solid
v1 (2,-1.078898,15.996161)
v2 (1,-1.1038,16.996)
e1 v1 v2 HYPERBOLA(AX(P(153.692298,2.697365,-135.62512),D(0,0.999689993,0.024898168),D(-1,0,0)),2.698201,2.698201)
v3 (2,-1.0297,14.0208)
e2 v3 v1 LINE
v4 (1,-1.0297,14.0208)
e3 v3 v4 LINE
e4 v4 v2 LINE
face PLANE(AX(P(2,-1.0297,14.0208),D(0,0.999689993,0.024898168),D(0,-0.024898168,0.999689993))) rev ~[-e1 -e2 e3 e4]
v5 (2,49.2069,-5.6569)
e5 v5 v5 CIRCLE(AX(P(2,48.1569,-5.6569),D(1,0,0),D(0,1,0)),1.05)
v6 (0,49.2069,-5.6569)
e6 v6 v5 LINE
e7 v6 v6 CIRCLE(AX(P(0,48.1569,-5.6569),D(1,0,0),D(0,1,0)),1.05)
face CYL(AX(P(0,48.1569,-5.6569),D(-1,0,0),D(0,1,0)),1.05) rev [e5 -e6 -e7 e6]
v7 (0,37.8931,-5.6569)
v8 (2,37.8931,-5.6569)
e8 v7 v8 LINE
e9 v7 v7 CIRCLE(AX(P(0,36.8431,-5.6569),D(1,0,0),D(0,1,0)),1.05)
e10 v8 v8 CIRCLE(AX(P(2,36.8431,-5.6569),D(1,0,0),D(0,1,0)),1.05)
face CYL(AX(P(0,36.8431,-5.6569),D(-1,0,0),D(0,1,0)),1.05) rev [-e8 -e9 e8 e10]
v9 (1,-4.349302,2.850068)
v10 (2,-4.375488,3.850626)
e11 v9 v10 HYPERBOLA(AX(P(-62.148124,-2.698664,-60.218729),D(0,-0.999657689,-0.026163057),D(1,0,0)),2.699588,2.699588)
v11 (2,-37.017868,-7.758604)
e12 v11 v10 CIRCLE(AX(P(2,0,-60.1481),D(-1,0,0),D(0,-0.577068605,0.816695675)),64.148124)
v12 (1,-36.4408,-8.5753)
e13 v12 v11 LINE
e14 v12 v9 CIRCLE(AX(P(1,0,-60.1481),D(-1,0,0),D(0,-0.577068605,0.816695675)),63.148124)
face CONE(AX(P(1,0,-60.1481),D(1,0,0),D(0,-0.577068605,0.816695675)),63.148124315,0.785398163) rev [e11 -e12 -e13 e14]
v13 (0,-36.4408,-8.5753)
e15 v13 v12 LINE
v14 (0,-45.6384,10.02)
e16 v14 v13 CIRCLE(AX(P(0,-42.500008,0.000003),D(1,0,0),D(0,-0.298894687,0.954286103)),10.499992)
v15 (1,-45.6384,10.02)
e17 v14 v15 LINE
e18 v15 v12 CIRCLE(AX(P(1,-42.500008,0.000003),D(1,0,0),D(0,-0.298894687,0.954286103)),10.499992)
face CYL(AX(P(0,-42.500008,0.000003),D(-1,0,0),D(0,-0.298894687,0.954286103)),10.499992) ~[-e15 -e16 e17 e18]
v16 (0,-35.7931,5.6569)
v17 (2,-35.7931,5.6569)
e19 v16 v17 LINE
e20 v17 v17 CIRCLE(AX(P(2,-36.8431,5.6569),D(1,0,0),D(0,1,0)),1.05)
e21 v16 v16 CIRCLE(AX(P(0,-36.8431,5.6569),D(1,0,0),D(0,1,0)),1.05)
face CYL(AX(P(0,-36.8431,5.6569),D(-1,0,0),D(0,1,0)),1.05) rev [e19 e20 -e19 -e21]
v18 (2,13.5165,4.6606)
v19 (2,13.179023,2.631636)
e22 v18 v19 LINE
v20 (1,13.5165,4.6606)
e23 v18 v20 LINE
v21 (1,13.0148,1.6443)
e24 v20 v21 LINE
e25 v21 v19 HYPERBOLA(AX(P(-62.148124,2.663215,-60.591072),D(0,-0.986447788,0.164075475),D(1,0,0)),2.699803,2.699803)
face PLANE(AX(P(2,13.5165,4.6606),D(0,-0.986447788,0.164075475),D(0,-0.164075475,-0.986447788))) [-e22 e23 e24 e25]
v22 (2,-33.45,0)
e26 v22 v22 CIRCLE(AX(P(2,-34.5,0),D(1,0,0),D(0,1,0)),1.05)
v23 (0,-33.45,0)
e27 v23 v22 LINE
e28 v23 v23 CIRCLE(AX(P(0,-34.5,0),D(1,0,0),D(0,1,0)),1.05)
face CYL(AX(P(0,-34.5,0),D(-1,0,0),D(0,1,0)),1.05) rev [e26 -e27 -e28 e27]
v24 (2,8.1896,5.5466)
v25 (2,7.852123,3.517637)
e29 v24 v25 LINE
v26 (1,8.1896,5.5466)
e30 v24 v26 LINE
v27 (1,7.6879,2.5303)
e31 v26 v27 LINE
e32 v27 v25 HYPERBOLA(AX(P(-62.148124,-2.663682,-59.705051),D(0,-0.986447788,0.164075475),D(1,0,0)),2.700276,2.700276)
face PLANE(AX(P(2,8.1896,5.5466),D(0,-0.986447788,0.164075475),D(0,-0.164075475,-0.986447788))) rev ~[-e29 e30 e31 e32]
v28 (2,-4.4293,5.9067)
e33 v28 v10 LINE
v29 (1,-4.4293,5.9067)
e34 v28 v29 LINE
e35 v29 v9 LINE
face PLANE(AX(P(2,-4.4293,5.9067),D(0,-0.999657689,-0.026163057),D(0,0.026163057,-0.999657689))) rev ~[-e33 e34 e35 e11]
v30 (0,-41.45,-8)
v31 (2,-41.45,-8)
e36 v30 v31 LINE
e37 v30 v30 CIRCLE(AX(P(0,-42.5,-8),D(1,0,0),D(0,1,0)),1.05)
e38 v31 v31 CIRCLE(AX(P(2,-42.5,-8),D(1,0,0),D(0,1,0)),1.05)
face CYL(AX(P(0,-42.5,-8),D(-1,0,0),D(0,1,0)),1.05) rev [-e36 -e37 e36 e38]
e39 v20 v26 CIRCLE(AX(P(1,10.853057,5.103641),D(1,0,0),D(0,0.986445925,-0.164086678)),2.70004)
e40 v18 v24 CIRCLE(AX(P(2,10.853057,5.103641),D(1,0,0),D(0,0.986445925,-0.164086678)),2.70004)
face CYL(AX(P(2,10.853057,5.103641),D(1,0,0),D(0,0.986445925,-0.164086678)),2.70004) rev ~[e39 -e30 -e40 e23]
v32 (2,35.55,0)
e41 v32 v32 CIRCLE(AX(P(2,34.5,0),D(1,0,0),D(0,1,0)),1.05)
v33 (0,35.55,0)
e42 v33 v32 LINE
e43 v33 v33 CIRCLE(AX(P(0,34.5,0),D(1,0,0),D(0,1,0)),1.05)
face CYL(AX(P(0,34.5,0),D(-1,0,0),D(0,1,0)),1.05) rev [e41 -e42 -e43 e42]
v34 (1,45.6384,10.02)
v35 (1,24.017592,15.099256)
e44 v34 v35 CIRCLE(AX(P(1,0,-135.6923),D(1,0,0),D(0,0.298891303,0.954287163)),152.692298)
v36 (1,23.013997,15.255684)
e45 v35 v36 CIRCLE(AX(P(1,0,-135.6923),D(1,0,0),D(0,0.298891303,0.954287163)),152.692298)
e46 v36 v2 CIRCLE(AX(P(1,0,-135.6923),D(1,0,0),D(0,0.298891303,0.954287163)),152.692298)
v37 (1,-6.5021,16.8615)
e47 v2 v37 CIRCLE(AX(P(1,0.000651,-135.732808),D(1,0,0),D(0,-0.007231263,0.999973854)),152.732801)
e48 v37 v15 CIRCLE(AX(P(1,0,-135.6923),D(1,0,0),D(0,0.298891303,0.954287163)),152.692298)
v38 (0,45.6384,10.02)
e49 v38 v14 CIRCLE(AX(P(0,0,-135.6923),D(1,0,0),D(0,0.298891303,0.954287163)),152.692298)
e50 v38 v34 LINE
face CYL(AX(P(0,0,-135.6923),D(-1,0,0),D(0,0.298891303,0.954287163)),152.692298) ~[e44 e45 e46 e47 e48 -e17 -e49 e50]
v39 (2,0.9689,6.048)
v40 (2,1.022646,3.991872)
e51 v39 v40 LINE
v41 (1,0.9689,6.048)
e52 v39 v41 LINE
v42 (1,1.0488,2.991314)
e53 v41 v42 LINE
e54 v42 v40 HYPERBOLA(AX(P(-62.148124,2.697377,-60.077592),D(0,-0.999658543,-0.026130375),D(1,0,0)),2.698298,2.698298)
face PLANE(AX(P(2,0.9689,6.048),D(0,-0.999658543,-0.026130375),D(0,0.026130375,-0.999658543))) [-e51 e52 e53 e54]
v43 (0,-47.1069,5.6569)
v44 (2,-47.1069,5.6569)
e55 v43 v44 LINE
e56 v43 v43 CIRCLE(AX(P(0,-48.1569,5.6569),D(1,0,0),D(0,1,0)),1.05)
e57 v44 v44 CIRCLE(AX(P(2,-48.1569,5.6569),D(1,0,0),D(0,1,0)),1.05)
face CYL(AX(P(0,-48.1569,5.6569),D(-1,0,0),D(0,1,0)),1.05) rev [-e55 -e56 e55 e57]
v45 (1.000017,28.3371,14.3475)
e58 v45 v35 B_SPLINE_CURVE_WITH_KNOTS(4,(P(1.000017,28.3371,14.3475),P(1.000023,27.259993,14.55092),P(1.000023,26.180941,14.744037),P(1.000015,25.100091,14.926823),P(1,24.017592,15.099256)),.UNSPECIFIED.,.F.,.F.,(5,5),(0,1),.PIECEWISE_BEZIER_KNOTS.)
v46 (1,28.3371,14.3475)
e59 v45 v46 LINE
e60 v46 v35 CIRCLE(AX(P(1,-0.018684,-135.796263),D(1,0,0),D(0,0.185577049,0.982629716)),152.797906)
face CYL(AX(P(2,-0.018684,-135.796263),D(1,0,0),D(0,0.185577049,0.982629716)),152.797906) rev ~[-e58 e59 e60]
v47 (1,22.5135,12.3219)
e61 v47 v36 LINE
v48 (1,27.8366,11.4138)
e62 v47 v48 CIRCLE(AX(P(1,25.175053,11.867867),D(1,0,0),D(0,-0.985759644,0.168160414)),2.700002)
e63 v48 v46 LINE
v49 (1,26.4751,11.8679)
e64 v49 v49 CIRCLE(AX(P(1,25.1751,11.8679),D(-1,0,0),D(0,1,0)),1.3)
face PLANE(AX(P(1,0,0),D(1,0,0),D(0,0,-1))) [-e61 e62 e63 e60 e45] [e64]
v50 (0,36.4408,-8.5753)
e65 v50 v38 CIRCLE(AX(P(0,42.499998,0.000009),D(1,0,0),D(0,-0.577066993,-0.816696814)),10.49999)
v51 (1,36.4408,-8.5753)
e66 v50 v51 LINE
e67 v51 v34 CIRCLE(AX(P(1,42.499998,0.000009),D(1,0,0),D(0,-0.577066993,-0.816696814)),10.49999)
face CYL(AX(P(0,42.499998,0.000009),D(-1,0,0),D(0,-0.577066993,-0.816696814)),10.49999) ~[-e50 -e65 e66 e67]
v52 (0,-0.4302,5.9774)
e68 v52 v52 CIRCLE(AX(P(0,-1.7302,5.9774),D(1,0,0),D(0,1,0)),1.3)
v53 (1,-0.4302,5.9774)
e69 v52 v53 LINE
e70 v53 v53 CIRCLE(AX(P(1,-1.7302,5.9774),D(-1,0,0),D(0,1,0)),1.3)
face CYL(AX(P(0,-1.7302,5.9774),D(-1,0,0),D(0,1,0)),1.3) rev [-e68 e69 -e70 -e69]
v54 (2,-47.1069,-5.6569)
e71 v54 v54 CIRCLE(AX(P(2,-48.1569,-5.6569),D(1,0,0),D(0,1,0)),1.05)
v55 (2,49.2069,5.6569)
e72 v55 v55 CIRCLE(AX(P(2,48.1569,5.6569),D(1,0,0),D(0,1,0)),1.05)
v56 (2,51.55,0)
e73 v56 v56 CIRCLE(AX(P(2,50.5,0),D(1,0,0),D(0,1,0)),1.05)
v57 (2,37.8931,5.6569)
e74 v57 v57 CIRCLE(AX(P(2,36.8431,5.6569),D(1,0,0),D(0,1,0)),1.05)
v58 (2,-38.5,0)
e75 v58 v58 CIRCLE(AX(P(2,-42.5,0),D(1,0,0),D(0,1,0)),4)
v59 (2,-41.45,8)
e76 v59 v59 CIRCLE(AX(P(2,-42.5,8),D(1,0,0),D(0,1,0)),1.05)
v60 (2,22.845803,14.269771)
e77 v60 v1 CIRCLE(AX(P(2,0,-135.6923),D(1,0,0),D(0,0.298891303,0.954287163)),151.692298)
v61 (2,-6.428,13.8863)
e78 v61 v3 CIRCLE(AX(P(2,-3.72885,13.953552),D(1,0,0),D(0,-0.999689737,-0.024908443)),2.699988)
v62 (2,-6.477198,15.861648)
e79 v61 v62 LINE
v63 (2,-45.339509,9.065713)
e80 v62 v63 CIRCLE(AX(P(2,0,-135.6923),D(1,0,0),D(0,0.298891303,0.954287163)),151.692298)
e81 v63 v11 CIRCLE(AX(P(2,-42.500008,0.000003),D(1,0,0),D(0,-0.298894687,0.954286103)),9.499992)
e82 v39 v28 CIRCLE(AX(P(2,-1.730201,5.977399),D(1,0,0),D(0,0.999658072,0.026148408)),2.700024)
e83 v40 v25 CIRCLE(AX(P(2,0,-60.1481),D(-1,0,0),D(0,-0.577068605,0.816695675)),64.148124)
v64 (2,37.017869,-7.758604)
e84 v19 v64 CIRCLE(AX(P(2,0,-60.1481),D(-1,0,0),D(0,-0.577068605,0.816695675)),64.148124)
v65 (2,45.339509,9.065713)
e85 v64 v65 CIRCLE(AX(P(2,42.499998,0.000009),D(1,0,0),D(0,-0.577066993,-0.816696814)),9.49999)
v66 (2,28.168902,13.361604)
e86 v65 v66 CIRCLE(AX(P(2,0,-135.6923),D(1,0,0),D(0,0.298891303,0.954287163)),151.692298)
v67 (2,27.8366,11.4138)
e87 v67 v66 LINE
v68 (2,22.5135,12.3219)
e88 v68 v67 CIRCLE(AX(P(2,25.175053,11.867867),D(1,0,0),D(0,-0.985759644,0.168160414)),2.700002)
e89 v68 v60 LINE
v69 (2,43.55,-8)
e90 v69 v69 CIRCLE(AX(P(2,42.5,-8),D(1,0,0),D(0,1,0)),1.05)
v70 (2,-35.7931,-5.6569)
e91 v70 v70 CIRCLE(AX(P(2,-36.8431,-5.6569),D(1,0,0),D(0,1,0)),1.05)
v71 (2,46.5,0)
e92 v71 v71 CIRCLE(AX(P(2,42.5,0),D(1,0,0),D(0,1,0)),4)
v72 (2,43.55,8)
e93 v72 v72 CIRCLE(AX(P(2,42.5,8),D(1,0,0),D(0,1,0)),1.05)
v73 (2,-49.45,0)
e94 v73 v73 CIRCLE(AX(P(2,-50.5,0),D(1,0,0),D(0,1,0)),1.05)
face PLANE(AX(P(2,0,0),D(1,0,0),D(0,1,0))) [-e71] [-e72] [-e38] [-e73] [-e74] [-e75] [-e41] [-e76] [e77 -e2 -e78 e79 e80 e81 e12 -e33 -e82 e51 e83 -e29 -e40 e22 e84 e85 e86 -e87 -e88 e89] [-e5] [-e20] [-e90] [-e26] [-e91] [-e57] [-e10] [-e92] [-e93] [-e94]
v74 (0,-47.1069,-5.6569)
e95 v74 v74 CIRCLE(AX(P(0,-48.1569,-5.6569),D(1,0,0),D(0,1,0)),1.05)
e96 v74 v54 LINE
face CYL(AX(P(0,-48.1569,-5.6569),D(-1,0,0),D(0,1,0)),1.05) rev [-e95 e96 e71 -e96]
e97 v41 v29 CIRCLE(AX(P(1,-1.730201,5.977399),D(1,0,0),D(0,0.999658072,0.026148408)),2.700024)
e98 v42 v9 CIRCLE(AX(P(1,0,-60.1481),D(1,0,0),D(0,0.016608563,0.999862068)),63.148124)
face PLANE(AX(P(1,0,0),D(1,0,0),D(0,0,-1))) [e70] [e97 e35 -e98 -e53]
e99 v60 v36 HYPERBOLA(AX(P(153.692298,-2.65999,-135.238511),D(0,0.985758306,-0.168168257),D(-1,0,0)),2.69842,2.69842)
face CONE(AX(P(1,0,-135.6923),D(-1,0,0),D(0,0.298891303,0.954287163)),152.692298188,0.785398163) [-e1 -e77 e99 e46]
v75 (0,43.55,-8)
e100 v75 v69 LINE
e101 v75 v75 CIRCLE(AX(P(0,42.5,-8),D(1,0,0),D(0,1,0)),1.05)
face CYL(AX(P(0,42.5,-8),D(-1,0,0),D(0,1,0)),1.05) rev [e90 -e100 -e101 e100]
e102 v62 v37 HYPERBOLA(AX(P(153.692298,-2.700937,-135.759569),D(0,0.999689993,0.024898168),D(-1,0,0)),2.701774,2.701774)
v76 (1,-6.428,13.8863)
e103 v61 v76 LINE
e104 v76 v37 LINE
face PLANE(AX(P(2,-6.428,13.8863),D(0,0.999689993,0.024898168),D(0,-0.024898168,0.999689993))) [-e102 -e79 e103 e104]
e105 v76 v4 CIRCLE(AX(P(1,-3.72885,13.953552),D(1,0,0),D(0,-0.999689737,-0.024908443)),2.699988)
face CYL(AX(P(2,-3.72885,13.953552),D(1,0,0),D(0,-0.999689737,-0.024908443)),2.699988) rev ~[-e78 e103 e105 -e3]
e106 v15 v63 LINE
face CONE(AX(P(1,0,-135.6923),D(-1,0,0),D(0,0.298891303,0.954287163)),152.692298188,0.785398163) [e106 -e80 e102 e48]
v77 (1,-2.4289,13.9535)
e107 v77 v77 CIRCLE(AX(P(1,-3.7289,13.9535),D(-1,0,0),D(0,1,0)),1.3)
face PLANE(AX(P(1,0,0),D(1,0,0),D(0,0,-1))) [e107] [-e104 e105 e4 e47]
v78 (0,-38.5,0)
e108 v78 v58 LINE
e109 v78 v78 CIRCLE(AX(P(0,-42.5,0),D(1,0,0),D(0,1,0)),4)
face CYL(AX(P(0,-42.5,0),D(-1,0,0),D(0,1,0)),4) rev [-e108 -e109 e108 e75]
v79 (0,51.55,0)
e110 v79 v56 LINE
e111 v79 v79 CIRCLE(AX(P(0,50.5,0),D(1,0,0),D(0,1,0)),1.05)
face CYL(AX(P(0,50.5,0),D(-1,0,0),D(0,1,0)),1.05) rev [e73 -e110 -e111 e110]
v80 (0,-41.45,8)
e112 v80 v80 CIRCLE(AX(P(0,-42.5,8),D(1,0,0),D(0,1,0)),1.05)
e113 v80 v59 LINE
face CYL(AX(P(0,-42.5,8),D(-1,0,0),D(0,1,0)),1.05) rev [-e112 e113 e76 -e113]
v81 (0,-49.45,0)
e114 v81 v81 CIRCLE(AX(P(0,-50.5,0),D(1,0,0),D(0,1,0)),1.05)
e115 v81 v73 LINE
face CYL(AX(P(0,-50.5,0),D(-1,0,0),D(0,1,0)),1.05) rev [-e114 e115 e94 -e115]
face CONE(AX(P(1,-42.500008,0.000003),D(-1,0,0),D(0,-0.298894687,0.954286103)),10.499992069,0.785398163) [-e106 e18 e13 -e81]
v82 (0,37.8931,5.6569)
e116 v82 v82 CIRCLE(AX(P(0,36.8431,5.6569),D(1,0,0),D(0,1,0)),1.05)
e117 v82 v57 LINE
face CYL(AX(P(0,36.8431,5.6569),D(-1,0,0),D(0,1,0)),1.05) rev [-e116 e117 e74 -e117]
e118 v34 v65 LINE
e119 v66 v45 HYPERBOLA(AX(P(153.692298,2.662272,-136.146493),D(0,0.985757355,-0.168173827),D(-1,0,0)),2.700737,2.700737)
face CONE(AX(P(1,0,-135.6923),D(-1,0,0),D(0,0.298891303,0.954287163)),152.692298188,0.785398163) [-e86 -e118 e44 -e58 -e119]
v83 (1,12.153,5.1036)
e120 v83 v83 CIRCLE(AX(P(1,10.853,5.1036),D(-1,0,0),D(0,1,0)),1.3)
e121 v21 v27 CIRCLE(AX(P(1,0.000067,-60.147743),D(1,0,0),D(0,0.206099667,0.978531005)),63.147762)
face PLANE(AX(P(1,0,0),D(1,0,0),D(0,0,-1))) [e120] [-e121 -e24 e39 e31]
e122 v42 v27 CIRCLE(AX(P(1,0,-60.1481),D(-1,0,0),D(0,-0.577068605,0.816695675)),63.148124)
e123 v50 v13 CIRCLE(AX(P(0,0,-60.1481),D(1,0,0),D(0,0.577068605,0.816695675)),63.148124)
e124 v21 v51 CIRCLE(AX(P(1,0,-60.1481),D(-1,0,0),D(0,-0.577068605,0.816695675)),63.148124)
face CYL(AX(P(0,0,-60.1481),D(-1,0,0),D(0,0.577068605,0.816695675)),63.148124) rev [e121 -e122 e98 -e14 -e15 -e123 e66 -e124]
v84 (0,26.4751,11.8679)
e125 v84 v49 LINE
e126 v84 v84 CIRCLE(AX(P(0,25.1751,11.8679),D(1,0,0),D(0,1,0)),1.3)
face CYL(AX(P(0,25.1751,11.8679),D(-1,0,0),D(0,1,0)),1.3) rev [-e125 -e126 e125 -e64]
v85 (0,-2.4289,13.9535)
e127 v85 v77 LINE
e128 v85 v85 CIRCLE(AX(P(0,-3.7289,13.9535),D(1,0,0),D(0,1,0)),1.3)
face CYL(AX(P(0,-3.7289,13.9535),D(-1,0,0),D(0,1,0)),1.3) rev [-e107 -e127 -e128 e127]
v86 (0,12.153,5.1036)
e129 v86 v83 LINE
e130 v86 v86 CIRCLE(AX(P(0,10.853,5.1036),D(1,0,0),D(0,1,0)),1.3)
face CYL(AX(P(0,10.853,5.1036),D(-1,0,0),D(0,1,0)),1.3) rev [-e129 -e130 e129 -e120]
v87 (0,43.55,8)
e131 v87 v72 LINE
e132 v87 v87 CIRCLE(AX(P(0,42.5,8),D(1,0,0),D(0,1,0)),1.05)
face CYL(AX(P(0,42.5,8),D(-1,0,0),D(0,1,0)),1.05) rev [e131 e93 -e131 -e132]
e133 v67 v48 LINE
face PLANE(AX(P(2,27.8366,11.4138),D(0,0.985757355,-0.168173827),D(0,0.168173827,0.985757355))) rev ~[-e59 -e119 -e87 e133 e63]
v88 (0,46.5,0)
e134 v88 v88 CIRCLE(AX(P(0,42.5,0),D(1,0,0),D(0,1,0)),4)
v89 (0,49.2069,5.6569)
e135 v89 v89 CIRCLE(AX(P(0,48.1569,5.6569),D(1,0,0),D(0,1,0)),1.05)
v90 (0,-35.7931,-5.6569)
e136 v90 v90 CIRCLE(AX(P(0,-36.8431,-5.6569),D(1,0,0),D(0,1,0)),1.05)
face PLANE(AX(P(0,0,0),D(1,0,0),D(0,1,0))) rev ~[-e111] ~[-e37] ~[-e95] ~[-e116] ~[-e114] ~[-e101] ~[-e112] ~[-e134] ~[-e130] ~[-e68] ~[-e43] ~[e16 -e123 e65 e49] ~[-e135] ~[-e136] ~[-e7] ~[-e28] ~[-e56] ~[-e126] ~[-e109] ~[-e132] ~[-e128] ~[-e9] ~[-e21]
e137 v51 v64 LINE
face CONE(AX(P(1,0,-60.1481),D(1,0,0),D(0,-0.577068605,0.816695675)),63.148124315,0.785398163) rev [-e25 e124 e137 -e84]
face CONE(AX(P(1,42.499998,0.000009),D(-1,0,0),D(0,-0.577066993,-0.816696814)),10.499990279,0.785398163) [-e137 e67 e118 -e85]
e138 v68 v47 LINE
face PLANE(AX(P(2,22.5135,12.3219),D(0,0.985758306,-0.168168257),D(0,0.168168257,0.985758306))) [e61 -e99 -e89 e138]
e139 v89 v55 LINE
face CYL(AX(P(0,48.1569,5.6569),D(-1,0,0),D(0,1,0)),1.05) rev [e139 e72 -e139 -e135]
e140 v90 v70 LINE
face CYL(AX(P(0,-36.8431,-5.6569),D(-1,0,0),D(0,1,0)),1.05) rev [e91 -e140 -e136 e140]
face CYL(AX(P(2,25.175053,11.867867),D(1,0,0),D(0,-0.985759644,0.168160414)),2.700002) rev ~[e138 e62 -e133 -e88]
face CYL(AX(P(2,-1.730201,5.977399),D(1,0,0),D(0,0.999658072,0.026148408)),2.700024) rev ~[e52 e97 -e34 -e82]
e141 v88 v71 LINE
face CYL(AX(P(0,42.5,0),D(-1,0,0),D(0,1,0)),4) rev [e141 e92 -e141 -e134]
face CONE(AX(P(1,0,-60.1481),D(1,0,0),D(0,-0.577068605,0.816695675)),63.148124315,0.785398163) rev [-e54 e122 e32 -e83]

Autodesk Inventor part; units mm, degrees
ref_plane "YZ Plane" through (0, 0, 0) normal (1, 0, 0) x (0, 1, 0)
ref_plane "XZ Plane" through (0, 0, 0) normal (0, 1, 0) x (-1, 0, 0)
ref_plane "XY Plane" through (0, 0, 0) normal (0, 0, 1) x (1, 0, 0)
sketch "スケッチ1" plane through (0, 0, 0) normal (1, 0, 0) x (0, 1, 0)
  line L0 (-42.5, 0) -> (42.5, 0) construction
  circle A0 centre (-42.5, 0) radius 4
  circle A1 centre (-42.5, 0) radius 8 construction
  circle A2 centre (-42.5, 8) radius 1.05
  line L1 (-42.5, 8) -> (-42.5, 0) construction
  circle A3 centre (-48.1569, 5.6569) radius 1.05
  circle A4 centre (-50.5, 0) radius 1.05
  circle A5 centre (-48.1569, -5.6569) radius 1.05
  circle A6 centre (-42.5, -8) radius 1.05
  circle A7 centre (-36.8431, -5.6569) radius 1.05
  circle A8 centre (-34.5, 0) radius 1.05
  circle A9 centre (-36.8431, 5.6569) radius 1.05
  arc A10 (-45.6384, 10.02) -> (-36.4408, -8.5753) centre (-42.5, 0) ccw
  arc A11 (36.4408, -8.5753) -> (-36.4408, -8.5753) centre (0, -60.1481) ccw
  arc A12 (45.6384, 10.02) -> (-45.6384, 10.02) centre (0, -135.6923) ccw
  arc A13 (36.4408, -8.5753) -> (45.6384, 10.02) centre (42.5, 0) ccw
  circle A14 centre (42.5, 0) radius 4
  circle A15 centre (42.5, 0) radius 8 construction
  line L2 (42.5, 0) -> (42.5, 8) construction
  circle A16 centre (42.5, 8) radius 1.05
  circle A17 centre (36.8431, 5.6569) radius 1.05
  circle A18 centre (34.5, 0) radius 1.05
  circle A19 centre (36.8431, -5.6569) radius 1.05
  circle A20 centre (42.5, -8) radius 1.05
  circle A21 centre (48.1569, -5.6569) radius 1.05
  circle A22 centre (50.5, 0) radius 1.05
  circle A23 centre (48.1569, 5.6569) radius 1.05
  line L3 (25.1751, 11.8679) -> (10.853, 5.1036) construction
  circle A24 centre (25.1751, 11.8679) radius 1.3
  circle A25 centre (10.853, 5.1036) radius 1.3
  circle A26 centre (25.1751, 11.8679) radius 3 construction
  circle A27 centre (10.853, 5.1036) radius 3 construction
  circle A28 centre (-3.7289, 13.9535) radius 1.3
  circle A29 centre (-1.7302, 5.9774) radius 1.3
  line L4 (0, 3) -> (0, 0) construction
  line L5 (0, 17) -> (0, 3) construction
  line L6 (-3.7289, 13.9535) -> (-1.7302, 5.9774) construction
  circle A30 centre (-3.7289, 13.9535) radius 3 construction
  circle A31 centre (-1.7302, 5.9774) radius 3 construction
  line L7 (-42.5, 0) -> (-2.7295, 9.9655) construction
  line L8 (23.7036, 7.7857) -> (-3.3435, -4.8265) construction
  arc A32 (30.9737, 13.8255) -> (24.6107, -1.9932) centre (42.5, 0) ccw construction
  dimension "d1" = 16
  dimension "d0" = 8
  dimension "d2" = 2.1
  dimension "d5" = 360
  dimension "d7" = 85
  dimension "d8" = 10.5
  dimension "d9" = 2.1
  dimension "d12" = 360
  dimension "d14" = 3
  dimension "d16" = 2.6
  dimension "d17" = 6
  dimension "d30" = 14
  dimension "d35" = 41
  dimension "d36" = 15
  dimension "d39" = 25
  dimension "d40" = 18
extrude "押し出し1" add sketch "スケッチ1" along normal blind 2
chamfer "面取り1" distance 1 angle 45 4 edges at (2, 0, 17) (2, -51.9117, -4.6552) (2, 0, 3) (2, 51.9117, -4.6552)
sketch "スケッチ2" plane through (2, 0, 0) normal (1, 0, 0) x (0, 0, -1)
  circle A0 centre (-13.9535, -3.7289) radius 1.3 construction
  circle A1 centre (-5.9774, -1.7302) radius 1.3 construction
  arc A2 (8.5753, 36.4408) -> (8.5753, -36.4408) centre (60.1481, 0) ccw construction
  arc A3 (-10.02, 45.6384) -> (-10.02, -45.6384) centre (135.6923, 0) ccw construction
  line L0 (-5.9774, -1.7302) -> (60.1481, 0) construction
  line L1 (-13.9535, -3.7289) -> (135.6923, 0) construction
  line L2 (-13.9535, -3.7289) -> (-16.9526, -3.8036) construction
  arc A4 (-13.8863, -6.428) -> (-14.0208, -1.0297) centre (-13.9535, -3.7289) ccw
  arc A5 (-6.048, 0.9689) -> (-5.9067, -4.4293) centre (-5.9774, -1.7302) ccw
  line L3 (-5.9067, -4.4293) -> (-2.85, -4.3493)
  line L4 (-6.048, 0.9689) -> (-2.9913, 1.0488)
  line L5 (-14.0208, -1.0297) -> (-16.996, -1.1038)
  line L6 (-13.8863, -6.428) -> (-16.8615, -6.5021)
  arc A6 (-16.996, -1.1038) -> (-16.8615, -6.5021) centre (135.6923, 0) ccw
  arc A7 (-2.9913, 1.0488) -> (-2.85, -4.3493) centre (60.1481, 0) ccw
  arc A8 (-12.3219, 22.5135) -> (-11.4138, 27.8366) centre (-11.8679, 25.1751) ccw
  arc A9 (-4.6606, 13.5165) -> (-5.5466, 8.1896) centre (-5.1036, 10.853) ccw
  line L7 (-4.6606, 13.5165) -> (-1.6443, 13.0148)
  line L8 (-5.5466, 8.1896) -> (-2.5303, 7.6879)
  line L9 (-12.3219, 22.5135) -> (-15.2557, 23.014)
  line L10 (-11.4138, 27.8366) -> (-14.3475, 28.3371)
  arc A10 (-14.3475, 28.3371) -> (-15.2557, 23.014) centre (135.6923, 0) ccw
  arc A11 (-1.6443, 13.0148) -> (-2.5303, 7.6879) centre (60.1481, 0) ccw
  circle A12 centre (-5.1036, 10.853) radius 1.3 construction
  circle A13 centre (-11.8679, 25.1751) radius 1.3 construction
  line L11 (-11.8679, 25.1751) -> (135.6923, 0) construction
  line L12 (60.1481, 0) -> (-5.1036, 10.853) construction
  point P0 (0, 0)
  dimension "d25" = 5.4
extrude "押し出し2" cut sketch "スケッチ2" against normal blind 1
properties part number "side_frame"
